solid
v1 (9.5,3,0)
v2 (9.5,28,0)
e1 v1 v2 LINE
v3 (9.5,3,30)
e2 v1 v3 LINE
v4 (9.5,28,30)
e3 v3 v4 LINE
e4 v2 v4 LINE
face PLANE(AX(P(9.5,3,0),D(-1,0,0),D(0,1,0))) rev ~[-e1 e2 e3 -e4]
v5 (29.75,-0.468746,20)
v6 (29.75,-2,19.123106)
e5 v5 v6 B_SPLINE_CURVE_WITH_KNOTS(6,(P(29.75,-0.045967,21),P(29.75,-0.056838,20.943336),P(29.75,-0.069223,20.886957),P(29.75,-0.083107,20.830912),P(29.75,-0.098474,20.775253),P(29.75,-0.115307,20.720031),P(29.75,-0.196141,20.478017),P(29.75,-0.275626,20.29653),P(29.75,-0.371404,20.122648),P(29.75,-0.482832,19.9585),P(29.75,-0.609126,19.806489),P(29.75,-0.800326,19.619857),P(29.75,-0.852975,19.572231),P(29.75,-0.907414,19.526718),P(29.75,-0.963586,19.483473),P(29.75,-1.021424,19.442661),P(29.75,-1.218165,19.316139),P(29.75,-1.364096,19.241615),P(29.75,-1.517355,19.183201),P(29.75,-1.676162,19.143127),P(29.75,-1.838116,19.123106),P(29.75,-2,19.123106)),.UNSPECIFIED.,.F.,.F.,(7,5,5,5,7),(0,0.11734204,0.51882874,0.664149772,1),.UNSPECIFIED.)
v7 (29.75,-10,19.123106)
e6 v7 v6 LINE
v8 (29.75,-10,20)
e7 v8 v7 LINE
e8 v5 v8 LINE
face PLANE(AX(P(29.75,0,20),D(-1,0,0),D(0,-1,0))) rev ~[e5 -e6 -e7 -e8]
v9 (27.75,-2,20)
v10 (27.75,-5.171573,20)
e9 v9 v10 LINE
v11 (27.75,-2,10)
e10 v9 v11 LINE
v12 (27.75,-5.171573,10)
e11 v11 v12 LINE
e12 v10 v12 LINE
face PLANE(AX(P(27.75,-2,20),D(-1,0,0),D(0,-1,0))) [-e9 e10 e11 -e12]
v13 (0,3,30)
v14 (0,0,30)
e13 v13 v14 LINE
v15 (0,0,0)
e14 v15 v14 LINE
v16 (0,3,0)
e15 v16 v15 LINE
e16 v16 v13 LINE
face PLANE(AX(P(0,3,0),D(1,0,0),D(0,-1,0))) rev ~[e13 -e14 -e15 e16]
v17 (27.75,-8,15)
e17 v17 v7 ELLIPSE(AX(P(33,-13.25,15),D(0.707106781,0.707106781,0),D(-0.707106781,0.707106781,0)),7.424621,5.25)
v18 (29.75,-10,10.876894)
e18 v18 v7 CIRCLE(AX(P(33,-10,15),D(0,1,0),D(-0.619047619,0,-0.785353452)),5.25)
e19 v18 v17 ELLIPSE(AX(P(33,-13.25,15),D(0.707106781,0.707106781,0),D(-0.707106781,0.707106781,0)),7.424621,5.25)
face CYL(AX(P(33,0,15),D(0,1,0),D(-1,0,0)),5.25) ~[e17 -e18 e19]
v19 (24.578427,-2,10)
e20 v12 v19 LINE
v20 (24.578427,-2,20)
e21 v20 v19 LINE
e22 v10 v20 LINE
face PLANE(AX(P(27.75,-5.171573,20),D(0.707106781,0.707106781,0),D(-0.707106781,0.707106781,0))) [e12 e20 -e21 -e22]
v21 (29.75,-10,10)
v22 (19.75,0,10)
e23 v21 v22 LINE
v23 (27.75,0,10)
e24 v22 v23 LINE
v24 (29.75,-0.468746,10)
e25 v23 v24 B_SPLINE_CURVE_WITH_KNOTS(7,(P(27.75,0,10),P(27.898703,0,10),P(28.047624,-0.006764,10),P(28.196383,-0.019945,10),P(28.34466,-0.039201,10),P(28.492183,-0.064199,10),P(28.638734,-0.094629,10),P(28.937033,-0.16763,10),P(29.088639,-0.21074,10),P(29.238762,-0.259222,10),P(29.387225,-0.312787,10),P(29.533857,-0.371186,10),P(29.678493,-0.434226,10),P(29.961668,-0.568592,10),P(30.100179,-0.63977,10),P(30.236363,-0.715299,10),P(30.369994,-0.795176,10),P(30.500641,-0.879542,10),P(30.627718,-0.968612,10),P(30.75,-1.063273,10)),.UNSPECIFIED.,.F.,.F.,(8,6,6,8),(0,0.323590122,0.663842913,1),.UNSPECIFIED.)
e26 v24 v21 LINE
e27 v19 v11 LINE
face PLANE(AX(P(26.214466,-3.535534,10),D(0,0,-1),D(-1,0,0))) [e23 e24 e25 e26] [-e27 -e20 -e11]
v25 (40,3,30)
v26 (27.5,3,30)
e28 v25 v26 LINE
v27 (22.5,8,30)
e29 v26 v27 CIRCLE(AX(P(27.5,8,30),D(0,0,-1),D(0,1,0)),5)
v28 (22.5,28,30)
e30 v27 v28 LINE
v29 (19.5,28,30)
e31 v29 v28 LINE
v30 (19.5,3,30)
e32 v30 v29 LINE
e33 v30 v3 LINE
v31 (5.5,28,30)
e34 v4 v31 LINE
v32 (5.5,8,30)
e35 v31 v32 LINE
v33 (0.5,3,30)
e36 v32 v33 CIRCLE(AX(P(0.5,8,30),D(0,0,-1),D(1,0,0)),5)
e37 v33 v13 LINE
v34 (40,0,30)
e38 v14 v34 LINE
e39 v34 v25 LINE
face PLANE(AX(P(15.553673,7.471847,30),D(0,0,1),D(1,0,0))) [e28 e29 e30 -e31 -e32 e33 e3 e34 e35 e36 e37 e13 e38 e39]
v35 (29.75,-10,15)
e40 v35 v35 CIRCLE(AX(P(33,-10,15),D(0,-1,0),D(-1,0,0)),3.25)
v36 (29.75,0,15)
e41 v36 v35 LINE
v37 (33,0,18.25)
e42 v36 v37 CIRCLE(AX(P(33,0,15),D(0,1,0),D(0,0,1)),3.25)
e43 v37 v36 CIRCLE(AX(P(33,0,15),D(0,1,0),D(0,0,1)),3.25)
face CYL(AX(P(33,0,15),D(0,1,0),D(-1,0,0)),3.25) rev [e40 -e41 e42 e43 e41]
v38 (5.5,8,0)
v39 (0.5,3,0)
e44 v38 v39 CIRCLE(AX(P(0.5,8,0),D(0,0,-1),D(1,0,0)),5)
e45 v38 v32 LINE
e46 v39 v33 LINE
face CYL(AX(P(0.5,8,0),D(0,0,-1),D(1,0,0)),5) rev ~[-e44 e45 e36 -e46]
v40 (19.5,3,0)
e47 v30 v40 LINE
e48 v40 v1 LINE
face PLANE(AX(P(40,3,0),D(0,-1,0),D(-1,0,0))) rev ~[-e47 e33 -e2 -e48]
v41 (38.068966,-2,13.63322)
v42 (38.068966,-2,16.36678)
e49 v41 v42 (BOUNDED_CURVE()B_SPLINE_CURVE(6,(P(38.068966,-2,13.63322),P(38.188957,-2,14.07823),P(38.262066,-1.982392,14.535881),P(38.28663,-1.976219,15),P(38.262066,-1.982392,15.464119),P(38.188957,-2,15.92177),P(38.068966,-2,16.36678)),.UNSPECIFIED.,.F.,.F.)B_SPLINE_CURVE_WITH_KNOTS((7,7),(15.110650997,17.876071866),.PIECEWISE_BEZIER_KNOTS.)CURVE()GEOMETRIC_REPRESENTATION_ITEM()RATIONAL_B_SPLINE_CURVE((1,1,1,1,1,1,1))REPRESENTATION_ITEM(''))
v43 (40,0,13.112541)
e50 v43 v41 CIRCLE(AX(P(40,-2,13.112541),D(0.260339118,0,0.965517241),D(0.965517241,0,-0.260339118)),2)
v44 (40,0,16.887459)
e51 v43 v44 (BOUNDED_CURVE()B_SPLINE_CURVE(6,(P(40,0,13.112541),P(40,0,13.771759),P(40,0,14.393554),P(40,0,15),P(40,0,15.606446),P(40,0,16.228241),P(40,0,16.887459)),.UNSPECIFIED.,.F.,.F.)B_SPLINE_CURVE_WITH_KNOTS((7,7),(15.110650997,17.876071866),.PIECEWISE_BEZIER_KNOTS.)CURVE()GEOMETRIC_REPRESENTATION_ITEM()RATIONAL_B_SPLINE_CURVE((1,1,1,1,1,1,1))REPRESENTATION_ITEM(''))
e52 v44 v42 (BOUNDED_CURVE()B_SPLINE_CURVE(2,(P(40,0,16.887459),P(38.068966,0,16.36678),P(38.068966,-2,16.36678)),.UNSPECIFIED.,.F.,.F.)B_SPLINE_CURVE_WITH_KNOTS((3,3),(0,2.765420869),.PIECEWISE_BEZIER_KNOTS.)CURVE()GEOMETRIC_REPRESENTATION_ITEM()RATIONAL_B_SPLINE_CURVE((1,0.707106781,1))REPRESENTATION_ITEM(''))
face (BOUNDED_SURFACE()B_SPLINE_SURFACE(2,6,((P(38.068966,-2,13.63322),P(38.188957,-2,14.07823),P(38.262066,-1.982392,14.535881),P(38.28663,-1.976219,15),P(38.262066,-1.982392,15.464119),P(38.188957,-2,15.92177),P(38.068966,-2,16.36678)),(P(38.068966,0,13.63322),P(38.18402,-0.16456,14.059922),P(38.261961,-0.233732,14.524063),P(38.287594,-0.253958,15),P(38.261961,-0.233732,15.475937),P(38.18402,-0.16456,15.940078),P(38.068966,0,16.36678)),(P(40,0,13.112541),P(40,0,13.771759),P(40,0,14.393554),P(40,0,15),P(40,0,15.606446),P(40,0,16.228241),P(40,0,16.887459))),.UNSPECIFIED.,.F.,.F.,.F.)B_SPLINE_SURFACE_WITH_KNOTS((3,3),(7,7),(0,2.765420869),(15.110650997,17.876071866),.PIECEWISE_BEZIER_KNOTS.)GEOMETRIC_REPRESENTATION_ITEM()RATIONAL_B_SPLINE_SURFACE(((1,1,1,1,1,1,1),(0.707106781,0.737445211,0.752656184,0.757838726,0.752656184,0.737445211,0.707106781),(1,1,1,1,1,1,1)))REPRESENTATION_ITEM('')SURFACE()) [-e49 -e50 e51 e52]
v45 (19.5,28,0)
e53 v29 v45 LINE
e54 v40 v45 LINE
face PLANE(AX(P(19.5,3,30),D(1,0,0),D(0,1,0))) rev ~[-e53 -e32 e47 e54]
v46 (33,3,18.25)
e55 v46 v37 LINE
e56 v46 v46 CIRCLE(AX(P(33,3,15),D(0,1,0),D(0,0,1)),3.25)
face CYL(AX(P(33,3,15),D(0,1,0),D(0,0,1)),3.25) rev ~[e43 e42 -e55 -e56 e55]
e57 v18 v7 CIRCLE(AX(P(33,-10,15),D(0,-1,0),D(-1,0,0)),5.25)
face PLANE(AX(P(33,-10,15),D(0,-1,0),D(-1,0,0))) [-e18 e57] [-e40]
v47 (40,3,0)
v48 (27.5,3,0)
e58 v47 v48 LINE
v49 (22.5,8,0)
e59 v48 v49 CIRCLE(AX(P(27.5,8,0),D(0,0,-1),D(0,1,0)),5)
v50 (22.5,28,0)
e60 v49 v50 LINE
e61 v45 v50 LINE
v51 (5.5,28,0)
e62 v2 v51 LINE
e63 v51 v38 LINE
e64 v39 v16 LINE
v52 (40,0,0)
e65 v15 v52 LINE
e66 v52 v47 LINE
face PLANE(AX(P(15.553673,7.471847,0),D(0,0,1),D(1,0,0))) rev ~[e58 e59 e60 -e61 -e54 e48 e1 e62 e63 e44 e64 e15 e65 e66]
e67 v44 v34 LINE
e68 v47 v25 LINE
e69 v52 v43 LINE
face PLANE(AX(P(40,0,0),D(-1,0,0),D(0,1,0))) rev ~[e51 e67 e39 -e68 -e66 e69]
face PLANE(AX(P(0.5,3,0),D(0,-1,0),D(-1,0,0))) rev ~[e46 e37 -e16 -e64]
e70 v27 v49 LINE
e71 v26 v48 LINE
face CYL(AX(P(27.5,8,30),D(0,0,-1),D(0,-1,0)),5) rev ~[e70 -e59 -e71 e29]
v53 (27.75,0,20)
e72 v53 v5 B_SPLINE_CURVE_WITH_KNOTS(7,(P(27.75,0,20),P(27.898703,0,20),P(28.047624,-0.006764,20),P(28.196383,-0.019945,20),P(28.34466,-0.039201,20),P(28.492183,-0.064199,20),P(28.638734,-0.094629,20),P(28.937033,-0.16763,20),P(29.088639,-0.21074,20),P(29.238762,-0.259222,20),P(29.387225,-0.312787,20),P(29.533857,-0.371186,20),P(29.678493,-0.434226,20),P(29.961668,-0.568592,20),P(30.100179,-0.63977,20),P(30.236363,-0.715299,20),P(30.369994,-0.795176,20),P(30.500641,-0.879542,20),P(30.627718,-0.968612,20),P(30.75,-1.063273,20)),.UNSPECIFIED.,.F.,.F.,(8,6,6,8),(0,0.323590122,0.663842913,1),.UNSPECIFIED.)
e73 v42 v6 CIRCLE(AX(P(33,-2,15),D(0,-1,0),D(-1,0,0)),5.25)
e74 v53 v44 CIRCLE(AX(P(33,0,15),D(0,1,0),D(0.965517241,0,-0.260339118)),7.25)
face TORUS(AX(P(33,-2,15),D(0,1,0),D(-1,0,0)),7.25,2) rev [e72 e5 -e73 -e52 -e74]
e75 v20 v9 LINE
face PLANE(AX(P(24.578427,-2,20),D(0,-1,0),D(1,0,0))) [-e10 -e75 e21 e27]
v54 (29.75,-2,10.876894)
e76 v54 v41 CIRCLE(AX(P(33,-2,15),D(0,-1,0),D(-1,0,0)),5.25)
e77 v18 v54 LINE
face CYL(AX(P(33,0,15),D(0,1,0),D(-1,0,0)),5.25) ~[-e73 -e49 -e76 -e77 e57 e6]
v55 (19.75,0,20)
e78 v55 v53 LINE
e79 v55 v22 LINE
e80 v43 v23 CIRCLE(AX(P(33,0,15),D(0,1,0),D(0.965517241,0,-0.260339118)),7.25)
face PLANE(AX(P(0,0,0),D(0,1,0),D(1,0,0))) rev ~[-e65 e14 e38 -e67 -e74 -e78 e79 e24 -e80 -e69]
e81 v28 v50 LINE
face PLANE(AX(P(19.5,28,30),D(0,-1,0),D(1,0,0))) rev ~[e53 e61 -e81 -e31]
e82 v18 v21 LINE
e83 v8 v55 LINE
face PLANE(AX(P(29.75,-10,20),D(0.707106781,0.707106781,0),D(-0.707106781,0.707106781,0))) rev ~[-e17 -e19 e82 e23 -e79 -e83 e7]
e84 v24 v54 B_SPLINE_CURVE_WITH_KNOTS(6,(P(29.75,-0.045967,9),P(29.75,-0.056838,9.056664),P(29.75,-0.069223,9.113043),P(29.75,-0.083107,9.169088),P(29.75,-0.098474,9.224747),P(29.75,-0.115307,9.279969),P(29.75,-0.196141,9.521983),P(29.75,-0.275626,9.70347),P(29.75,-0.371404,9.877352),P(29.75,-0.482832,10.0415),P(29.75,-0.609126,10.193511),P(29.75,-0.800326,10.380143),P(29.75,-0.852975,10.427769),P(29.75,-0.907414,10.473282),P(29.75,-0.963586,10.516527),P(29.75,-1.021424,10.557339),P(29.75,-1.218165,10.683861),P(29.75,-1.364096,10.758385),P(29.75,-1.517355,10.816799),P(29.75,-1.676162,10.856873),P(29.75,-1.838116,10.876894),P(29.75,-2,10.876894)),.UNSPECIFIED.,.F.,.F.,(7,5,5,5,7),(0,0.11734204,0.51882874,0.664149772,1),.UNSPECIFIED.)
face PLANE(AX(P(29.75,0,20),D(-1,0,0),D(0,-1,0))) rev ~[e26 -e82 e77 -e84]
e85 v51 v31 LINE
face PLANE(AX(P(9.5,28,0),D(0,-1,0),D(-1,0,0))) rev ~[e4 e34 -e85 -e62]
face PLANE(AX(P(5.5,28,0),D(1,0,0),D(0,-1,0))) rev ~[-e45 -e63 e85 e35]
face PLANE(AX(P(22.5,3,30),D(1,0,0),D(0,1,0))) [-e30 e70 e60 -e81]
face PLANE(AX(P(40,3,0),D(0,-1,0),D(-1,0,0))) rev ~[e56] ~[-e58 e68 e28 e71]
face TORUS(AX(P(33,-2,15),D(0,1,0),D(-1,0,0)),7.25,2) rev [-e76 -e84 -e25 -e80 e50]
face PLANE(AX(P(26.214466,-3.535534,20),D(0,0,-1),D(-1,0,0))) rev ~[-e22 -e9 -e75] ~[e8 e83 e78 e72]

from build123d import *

# Parameters (mm, degrees)
BOSS_EXTRU_1_DEPTH      = 30
ESQUISSE2_R             = 3.25
ENL_V_MAT_EXTRU_1_DEPTH = 56.901699437
ESQUISSE3_R             = 5.25
ESQUISSE3_R_2           = 3.25
EXTRU_MINCE1_DEPTH      = 10
ESQUISSE5_W             = 3
ESQUISSE5_H             = 25
BOSS_EXTRU_3_DEPTH      = 30
CONG_1_R                = 5
CONG_2_R                = 2
EXTRU_MINCE2_START      = -10
EXTRU_MINCE2_DEPTH      = 10


with BuildPart() as part:
    # Esquisse1 → Boss.-Extru.1 (new body)
    with BuildSketch(Plane.XY):
        with BuildLine():
            Line((0, 0), (40, 0))
            Line((40, 0), (40, 3))
            Line((40, 3), (9.5, 3))
            Line((9.5, 3), (9.5, 28))
            Line((9.5, 28), (5.5, 28))
            Line((5.5, 28), (5.5, 8))
            ThreePointArc((5.5, 8), (4.035533906, 4.464466094), (0.5, 3))
            Line((0.5, 3), (0, 3))
            Line((0, 3), (0, 0))
        make_face()
    extrude(amount=BOSS_EXTRU_1_DEPTH)

    # Esquisse2 → Enlèv. mat.-Extru.1 (cut, through all)
    with BuildSketch(Plane(origin=(0, 3, 0), x_dir=(1, 0, 0), z_dir=(0, 1, 0))):
        with Locations(Location((33, -15, 0), (0, 0, 270))):
            Circle(ESQUISSE2_R)
    extrude(amount=-ENL_V_MAT_EXTRU_1_DEPTH, mode=Mode.SUBTRACT)

    # Esquisse3 → Extru.-Mince1 (add)
    with BuildSketch(Plane(origin=(0, 0, 0), x_dir=(-1, 0, 0), z_dir=(0, -1, 0))):
        with Locations((-33, -15)):
            Circle(ESQUISSE3_R)
        with Locations((-33, -15)):
            Circle(ESQUISSE3_R_2, mode=Mode.SUBTRACT)
    extrude(amount=EXTRU_MINCE1_DEPTH)

    # Esquisse5 → Boss.-Extru.3 (add)
    with BuildSketch(Plane.XY.offset(30)):
        with Locations((21, 15.5)):
            Rectangle(ESQUISSE5_W, ESQUISSE5_H)
    extrude(amount=-BOSS_EXTRU_3_DEPTH)

    # Congé1
    cong_1_edges = [part.edges().sort_by_distance(p)[0] for p in [
        (22.5, 3, 15),
    ]]
    fillet(cong_1_edges, radius=CONG_1_R)

    # Congé2
    cong_2_edges = [part.edges().sort_by_distance(p)[0] for p in [
        (38.25, 0, 15),
    ]]
    fillet(cong_2_edges, radius=CONG_2_R)

    # Esquisse6 → Extru.-Mince2 (add)
    with BuildSketch(Plane.XY.offset(30).offset(EXTRU_MINCE2_START)):
        Polygon((29.75, -10), (19.75, 0), (29.75, 0), align=None)
        Polygon((27.75, -5.171572875), (24.578427125, -2), (27.75, -2), align=None, mode=Mode.SUBTRACT)
    extrude(amount=-EXTRU_MINCE2_DEPTH)


solid = part.part
